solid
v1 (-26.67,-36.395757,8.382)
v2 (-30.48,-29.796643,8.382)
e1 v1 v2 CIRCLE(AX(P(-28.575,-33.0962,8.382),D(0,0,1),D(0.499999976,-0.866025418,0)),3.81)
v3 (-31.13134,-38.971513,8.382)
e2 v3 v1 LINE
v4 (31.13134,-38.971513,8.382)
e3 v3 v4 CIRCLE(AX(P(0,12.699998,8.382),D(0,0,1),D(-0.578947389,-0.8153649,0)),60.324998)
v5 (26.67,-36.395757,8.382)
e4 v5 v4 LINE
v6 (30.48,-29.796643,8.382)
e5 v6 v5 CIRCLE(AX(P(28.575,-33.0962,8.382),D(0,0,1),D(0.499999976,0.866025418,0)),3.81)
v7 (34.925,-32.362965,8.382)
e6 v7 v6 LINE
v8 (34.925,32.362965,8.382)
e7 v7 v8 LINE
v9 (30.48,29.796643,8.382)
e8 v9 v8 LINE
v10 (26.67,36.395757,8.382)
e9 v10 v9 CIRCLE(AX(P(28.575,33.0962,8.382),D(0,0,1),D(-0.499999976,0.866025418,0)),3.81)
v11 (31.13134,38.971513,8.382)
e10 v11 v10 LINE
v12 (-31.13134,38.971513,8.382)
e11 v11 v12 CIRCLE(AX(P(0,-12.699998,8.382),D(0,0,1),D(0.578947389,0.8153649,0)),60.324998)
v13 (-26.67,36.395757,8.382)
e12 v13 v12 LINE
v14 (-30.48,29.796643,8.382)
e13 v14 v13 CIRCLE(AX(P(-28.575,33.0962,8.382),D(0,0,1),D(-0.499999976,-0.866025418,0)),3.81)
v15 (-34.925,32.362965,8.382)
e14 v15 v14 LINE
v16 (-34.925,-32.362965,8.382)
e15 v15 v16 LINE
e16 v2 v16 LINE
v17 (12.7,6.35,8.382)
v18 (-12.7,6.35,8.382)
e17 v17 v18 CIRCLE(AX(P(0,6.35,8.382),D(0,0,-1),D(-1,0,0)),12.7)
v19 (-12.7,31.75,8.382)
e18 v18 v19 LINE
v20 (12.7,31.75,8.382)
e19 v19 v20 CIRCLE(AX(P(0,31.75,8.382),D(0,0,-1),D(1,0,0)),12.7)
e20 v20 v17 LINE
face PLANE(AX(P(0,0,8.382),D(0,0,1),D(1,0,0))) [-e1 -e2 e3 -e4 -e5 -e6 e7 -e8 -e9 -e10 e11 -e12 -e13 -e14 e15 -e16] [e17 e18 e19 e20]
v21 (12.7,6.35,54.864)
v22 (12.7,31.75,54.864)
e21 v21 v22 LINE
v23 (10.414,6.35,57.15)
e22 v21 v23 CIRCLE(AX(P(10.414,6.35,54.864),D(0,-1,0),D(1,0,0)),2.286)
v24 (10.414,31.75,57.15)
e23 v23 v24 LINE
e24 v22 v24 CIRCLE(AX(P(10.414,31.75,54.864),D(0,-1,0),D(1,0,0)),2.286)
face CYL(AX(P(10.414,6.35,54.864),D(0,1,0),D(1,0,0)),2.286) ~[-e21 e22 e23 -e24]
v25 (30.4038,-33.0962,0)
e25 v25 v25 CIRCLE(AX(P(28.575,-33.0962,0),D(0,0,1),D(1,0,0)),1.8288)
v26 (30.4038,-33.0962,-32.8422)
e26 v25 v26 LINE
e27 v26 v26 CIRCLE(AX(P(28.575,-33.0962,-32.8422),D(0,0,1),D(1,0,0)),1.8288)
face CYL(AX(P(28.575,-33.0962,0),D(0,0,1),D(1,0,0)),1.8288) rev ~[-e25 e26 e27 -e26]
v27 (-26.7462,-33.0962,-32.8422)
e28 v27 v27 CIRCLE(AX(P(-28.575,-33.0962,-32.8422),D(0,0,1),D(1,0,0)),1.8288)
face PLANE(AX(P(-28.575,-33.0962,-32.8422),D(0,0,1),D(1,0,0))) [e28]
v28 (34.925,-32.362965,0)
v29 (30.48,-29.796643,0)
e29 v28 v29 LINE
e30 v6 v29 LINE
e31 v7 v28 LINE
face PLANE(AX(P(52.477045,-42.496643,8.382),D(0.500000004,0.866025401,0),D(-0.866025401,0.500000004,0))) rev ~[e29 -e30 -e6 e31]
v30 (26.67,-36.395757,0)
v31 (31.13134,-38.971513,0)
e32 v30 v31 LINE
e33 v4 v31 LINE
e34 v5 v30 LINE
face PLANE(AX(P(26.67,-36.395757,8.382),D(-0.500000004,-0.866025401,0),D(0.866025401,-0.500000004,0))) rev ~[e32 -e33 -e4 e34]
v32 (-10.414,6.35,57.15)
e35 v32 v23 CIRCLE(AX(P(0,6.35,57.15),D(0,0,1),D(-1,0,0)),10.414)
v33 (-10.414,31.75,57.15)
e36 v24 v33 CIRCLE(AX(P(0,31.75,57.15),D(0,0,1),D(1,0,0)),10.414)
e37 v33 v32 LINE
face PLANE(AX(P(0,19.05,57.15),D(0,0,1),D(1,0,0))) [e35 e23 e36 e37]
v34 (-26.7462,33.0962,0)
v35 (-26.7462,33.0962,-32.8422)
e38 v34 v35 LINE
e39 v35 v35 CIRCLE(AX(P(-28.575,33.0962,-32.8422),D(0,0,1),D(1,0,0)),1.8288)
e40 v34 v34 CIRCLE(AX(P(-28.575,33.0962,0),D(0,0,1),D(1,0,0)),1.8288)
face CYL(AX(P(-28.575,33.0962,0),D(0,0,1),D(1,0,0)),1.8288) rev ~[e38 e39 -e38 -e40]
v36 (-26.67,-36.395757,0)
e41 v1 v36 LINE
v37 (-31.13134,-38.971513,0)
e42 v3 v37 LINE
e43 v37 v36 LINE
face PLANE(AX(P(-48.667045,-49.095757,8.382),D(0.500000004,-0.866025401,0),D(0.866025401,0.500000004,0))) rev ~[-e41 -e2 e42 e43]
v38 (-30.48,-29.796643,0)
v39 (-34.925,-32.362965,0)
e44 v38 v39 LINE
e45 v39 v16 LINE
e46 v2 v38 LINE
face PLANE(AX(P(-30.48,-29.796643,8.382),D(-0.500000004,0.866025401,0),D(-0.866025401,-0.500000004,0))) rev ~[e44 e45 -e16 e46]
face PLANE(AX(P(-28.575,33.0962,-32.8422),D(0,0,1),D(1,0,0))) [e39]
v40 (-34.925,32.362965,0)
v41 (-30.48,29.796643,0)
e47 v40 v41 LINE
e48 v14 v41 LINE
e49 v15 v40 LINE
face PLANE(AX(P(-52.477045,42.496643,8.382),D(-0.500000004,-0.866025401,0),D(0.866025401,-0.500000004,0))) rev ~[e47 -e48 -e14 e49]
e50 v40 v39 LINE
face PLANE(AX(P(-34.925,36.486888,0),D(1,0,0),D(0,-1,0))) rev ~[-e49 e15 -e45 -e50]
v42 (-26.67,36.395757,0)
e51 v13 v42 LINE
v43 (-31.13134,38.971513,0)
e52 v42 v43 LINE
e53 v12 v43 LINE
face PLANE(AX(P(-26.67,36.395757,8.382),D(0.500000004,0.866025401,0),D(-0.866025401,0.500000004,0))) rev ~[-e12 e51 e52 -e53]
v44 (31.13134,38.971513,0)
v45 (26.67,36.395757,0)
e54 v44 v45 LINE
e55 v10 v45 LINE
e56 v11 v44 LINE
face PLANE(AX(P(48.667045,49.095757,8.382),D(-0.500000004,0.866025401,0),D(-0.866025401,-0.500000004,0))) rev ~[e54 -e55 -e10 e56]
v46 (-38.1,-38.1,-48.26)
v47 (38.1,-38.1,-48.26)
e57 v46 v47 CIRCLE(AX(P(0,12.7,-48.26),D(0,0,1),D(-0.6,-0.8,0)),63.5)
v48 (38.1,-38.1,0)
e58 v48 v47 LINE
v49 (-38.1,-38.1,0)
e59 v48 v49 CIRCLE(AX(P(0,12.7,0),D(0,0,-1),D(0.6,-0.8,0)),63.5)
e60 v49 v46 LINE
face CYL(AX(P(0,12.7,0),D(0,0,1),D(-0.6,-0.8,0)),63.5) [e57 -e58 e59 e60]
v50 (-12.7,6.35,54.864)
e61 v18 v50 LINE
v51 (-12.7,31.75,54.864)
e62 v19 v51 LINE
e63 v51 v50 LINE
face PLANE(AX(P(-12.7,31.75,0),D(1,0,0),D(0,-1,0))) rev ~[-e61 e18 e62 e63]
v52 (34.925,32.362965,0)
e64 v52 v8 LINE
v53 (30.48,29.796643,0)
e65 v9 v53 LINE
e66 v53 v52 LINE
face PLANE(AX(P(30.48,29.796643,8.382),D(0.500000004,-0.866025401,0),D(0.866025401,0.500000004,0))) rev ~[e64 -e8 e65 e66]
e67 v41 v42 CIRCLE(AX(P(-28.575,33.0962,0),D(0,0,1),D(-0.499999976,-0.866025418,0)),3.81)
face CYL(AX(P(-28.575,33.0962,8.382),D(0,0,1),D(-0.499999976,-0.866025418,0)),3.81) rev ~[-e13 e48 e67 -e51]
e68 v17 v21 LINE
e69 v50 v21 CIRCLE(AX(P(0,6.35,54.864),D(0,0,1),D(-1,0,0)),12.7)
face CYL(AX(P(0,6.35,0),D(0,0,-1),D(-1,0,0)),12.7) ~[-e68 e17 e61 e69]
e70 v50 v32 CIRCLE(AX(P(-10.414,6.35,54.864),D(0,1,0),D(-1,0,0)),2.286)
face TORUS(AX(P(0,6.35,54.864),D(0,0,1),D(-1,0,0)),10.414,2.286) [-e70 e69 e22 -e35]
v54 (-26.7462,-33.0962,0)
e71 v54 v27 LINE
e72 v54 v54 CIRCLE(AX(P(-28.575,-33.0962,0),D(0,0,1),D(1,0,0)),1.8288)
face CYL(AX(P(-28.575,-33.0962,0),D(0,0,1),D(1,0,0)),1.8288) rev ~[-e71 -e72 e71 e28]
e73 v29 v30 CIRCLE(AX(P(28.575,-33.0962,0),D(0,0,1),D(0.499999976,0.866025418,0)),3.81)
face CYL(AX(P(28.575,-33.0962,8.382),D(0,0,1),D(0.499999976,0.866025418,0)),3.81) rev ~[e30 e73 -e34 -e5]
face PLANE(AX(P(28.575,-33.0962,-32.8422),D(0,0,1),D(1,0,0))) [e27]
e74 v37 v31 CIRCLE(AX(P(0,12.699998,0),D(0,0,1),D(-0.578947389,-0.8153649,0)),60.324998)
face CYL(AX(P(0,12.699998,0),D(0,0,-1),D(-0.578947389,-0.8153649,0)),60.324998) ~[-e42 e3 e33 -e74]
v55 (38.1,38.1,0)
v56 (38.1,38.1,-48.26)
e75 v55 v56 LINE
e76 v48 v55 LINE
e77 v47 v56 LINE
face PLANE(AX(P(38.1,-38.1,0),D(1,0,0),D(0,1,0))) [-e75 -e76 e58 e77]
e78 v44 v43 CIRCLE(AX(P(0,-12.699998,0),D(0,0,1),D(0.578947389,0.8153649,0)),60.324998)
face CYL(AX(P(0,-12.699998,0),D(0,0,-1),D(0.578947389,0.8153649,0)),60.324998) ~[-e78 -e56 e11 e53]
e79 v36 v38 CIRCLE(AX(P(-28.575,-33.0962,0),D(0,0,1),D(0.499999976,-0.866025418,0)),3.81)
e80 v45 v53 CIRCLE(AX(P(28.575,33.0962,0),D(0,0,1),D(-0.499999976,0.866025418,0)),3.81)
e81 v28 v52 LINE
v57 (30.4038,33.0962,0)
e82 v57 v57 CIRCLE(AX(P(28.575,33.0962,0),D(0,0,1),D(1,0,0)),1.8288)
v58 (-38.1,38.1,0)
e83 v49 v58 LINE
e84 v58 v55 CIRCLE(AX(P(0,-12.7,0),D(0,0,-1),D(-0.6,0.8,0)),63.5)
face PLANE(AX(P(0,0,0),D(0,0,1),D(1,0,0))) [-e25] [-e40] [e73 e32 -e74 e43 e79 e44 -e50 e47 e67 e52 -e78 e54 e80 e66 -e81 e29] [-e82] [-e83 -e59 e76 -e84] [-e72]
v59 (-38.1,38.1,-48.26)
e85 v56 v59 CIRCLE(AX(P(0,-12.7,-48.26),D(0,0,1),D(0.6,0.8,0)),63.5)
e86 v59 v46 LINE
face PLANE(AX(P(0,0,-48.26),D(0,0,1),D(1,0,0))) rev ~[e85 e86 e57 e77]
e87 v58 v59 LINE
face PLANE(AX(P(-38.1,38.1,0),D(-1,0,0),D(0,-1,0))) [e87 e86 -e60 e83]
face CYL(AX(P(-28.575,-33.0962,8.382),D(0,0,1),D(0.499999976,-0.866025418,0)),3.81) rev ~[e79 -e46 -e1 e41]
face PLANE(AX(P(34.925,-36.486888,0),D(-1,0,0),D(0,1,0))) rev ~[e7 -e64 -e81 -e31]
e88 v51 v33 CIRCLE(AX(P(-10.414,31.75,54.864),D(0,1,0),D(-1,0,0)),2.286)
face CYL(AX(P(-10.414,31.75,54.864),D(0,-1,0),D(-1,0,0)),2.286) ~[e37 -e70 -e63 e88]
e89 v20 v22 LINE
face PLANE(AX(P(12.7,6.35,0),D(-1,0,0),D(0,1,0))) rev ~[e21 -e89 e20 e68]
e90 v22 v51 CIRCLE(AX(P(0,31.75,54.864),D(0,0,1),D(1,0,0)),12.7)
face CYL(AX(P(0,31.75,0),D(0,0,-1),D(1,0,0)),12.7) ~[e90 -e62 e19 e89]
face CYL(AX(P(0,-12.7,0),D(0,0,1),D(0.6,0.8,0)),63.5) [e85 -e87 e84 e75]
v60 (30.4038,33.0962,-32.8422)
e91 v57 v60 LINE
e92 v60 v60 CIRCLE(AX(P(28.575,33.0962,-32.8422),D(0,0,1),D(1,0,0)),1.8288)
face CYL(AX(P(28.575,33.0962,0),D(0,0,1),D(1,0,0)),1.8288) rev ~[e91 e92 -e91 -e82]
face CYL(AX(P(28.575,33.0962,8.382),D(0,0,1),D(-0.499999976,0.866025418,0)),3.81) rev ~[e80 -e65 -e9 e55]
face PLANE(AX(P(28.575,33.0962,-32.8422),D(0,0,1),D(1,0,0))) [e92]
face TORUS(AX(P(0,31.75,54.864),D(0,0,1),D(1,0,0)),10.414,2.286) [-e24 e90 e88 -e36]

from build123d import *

# Parameters (mm, degrees)
F1_DEPTH = 48.26
F3_DEPTH = 8.382
F5_DEPTH = 8.382
F6_R     = 1.8288
F7_DEPTH = 32.8422
F9_DEPTH = 57.15
F10_R    = 2.286


with BuildPart() as f1:
    # F0 (on Top) → F1 (new body)
    with BuildSketch(Plane.XY):
        with BuildLine():
            Line((-38.1, 38.1), (-38.1, -38.1))
            ThreePointArc((-38.1, -38.1), (0, -50.8), (38.1, -38.1))
            Line((38.1, -38.1), (38.1, 38.1))
            ThreePointArc((38.1, 38.1), (0, 50.8), (-38.1, 38.1))
        make_face()
    extrude(amount=-F1_DEPTH)

    # F2 (on face) → F3 (join)
    with BuildSketch(Plane.XY):
        with BuildLine():
            ThreePointArc((34.925, 36.486888), (0, 47.625), (-34.925, 36.486888))
            Line((-34.925, 36.486888), (-34.925, -36.486888))
            ThreePointArc((-34.925, -36.486888), (0, -47.625), (34.925, -36.486888))
            Line((34.925, -36.486888), (34.925, 36.486888))
        make_face()
    extrude(amount=F3_DEPTH)

    # F4 (on face) → F5 (cut, through all)
    with BuildSketch(Plane.XY.offset(8.382)):
        with BuildLine():
            ThreePointArc((-26.67, -36.395757), (-25.275443, -31.1912), (-30.48, -29.796643))
            Line((-30.48, -29.796643), (-52.477045, -42.496643))
            ThreePointArc((-52.477045, -42.496643), (-53.871602, -47.7012), (-48.667045, -49.095757))
            Line((-48.667045, -49.095757), (-26.67, -36.395757))
        make_face()
        with BuildLine():
            Line((52.477045, -42.496643), (30.48, -29.796643))
            ThreePointArc((30.48, -29.796643), (25.275443, -31.1912), (26.67, -36.395757))
            Line((26.67, -36.395757), (48.667045, -49.095757))
            ThreePointArc((48.667045, -49.095757), (53.871602, -47.7012), (52.477045, -42.496643))
        make_face()
        with BuildLine():
            Line((-52.477045, 42.496643), (-30.48, 29.796643))
            ThreePointArc((-30.48, 29.796643), (-25.275443, 31.1912), (-26.67, 36.395757))
            Line((-26.67, 36.395757), (-48.667045, 49.095757))
            ThreePointArc((-48.667045, 49.095757), (-53.871602, 47.7012), (-52.477045, 42.496643))
        make_face()
        with BuildLine():
            ThreePointArc((26.67, 36.395757), (25.275443, 31.1912), (30.48, 29.796643))
            Line((30.48, 29.796643), (52.477045, 42.496643))
            ThreePointArc((52.477045, 42.496643), (53.871602, 47.7012), (48.667045, 49.095757))
            Line((48.667045, 49.095757), (26.67, 36.395757))
        make_face()
    extrude(amount=-F5_DEPTH, mode=Mode.SUBTRACT)

    # F6 (on face) → F7 (cut)
    with BuildSketch(Plane.XY):
        with Locations((28.575, -33.0962)):
            Circle(F6_R)
        with Locations((-28.575, -33.0962)):
            Circle(F6_R)
        with Locations((28.575, 33.0962)):
            Circle(F6_R)
        with Locations((-28.575, 33.0962)):
            Circle(F6_R)
    extrude(amount=-F7_DEPTH, mode=Mode.SUBTRACT)

    # F8 (on Top) → F9 (join)
    with BuildSketch(Plane.XY):
        with BuildLine():
            ThreePointArc((-12.7, 6.35), (0, -6.35), (12.7, 6.35))
            Line((12.7, 6.35), (12.7, 31.75))
            ThreePointArc((12.7, 31.75), (0, 44.45), (-12.7, 31.75))
            Line((-12.7, 31.75), (-12.7, 6.35))
        make_face()
    extrude(amount=F9_DEPTH)

    # F10
    f10_edges = [f1.edges().sort_by_distance(p)[0] for p in [
        (12.7, 19.05, 57.15),
    ]]
    fillet(f10_edges, radius=F10_R)


solid = f1.part
